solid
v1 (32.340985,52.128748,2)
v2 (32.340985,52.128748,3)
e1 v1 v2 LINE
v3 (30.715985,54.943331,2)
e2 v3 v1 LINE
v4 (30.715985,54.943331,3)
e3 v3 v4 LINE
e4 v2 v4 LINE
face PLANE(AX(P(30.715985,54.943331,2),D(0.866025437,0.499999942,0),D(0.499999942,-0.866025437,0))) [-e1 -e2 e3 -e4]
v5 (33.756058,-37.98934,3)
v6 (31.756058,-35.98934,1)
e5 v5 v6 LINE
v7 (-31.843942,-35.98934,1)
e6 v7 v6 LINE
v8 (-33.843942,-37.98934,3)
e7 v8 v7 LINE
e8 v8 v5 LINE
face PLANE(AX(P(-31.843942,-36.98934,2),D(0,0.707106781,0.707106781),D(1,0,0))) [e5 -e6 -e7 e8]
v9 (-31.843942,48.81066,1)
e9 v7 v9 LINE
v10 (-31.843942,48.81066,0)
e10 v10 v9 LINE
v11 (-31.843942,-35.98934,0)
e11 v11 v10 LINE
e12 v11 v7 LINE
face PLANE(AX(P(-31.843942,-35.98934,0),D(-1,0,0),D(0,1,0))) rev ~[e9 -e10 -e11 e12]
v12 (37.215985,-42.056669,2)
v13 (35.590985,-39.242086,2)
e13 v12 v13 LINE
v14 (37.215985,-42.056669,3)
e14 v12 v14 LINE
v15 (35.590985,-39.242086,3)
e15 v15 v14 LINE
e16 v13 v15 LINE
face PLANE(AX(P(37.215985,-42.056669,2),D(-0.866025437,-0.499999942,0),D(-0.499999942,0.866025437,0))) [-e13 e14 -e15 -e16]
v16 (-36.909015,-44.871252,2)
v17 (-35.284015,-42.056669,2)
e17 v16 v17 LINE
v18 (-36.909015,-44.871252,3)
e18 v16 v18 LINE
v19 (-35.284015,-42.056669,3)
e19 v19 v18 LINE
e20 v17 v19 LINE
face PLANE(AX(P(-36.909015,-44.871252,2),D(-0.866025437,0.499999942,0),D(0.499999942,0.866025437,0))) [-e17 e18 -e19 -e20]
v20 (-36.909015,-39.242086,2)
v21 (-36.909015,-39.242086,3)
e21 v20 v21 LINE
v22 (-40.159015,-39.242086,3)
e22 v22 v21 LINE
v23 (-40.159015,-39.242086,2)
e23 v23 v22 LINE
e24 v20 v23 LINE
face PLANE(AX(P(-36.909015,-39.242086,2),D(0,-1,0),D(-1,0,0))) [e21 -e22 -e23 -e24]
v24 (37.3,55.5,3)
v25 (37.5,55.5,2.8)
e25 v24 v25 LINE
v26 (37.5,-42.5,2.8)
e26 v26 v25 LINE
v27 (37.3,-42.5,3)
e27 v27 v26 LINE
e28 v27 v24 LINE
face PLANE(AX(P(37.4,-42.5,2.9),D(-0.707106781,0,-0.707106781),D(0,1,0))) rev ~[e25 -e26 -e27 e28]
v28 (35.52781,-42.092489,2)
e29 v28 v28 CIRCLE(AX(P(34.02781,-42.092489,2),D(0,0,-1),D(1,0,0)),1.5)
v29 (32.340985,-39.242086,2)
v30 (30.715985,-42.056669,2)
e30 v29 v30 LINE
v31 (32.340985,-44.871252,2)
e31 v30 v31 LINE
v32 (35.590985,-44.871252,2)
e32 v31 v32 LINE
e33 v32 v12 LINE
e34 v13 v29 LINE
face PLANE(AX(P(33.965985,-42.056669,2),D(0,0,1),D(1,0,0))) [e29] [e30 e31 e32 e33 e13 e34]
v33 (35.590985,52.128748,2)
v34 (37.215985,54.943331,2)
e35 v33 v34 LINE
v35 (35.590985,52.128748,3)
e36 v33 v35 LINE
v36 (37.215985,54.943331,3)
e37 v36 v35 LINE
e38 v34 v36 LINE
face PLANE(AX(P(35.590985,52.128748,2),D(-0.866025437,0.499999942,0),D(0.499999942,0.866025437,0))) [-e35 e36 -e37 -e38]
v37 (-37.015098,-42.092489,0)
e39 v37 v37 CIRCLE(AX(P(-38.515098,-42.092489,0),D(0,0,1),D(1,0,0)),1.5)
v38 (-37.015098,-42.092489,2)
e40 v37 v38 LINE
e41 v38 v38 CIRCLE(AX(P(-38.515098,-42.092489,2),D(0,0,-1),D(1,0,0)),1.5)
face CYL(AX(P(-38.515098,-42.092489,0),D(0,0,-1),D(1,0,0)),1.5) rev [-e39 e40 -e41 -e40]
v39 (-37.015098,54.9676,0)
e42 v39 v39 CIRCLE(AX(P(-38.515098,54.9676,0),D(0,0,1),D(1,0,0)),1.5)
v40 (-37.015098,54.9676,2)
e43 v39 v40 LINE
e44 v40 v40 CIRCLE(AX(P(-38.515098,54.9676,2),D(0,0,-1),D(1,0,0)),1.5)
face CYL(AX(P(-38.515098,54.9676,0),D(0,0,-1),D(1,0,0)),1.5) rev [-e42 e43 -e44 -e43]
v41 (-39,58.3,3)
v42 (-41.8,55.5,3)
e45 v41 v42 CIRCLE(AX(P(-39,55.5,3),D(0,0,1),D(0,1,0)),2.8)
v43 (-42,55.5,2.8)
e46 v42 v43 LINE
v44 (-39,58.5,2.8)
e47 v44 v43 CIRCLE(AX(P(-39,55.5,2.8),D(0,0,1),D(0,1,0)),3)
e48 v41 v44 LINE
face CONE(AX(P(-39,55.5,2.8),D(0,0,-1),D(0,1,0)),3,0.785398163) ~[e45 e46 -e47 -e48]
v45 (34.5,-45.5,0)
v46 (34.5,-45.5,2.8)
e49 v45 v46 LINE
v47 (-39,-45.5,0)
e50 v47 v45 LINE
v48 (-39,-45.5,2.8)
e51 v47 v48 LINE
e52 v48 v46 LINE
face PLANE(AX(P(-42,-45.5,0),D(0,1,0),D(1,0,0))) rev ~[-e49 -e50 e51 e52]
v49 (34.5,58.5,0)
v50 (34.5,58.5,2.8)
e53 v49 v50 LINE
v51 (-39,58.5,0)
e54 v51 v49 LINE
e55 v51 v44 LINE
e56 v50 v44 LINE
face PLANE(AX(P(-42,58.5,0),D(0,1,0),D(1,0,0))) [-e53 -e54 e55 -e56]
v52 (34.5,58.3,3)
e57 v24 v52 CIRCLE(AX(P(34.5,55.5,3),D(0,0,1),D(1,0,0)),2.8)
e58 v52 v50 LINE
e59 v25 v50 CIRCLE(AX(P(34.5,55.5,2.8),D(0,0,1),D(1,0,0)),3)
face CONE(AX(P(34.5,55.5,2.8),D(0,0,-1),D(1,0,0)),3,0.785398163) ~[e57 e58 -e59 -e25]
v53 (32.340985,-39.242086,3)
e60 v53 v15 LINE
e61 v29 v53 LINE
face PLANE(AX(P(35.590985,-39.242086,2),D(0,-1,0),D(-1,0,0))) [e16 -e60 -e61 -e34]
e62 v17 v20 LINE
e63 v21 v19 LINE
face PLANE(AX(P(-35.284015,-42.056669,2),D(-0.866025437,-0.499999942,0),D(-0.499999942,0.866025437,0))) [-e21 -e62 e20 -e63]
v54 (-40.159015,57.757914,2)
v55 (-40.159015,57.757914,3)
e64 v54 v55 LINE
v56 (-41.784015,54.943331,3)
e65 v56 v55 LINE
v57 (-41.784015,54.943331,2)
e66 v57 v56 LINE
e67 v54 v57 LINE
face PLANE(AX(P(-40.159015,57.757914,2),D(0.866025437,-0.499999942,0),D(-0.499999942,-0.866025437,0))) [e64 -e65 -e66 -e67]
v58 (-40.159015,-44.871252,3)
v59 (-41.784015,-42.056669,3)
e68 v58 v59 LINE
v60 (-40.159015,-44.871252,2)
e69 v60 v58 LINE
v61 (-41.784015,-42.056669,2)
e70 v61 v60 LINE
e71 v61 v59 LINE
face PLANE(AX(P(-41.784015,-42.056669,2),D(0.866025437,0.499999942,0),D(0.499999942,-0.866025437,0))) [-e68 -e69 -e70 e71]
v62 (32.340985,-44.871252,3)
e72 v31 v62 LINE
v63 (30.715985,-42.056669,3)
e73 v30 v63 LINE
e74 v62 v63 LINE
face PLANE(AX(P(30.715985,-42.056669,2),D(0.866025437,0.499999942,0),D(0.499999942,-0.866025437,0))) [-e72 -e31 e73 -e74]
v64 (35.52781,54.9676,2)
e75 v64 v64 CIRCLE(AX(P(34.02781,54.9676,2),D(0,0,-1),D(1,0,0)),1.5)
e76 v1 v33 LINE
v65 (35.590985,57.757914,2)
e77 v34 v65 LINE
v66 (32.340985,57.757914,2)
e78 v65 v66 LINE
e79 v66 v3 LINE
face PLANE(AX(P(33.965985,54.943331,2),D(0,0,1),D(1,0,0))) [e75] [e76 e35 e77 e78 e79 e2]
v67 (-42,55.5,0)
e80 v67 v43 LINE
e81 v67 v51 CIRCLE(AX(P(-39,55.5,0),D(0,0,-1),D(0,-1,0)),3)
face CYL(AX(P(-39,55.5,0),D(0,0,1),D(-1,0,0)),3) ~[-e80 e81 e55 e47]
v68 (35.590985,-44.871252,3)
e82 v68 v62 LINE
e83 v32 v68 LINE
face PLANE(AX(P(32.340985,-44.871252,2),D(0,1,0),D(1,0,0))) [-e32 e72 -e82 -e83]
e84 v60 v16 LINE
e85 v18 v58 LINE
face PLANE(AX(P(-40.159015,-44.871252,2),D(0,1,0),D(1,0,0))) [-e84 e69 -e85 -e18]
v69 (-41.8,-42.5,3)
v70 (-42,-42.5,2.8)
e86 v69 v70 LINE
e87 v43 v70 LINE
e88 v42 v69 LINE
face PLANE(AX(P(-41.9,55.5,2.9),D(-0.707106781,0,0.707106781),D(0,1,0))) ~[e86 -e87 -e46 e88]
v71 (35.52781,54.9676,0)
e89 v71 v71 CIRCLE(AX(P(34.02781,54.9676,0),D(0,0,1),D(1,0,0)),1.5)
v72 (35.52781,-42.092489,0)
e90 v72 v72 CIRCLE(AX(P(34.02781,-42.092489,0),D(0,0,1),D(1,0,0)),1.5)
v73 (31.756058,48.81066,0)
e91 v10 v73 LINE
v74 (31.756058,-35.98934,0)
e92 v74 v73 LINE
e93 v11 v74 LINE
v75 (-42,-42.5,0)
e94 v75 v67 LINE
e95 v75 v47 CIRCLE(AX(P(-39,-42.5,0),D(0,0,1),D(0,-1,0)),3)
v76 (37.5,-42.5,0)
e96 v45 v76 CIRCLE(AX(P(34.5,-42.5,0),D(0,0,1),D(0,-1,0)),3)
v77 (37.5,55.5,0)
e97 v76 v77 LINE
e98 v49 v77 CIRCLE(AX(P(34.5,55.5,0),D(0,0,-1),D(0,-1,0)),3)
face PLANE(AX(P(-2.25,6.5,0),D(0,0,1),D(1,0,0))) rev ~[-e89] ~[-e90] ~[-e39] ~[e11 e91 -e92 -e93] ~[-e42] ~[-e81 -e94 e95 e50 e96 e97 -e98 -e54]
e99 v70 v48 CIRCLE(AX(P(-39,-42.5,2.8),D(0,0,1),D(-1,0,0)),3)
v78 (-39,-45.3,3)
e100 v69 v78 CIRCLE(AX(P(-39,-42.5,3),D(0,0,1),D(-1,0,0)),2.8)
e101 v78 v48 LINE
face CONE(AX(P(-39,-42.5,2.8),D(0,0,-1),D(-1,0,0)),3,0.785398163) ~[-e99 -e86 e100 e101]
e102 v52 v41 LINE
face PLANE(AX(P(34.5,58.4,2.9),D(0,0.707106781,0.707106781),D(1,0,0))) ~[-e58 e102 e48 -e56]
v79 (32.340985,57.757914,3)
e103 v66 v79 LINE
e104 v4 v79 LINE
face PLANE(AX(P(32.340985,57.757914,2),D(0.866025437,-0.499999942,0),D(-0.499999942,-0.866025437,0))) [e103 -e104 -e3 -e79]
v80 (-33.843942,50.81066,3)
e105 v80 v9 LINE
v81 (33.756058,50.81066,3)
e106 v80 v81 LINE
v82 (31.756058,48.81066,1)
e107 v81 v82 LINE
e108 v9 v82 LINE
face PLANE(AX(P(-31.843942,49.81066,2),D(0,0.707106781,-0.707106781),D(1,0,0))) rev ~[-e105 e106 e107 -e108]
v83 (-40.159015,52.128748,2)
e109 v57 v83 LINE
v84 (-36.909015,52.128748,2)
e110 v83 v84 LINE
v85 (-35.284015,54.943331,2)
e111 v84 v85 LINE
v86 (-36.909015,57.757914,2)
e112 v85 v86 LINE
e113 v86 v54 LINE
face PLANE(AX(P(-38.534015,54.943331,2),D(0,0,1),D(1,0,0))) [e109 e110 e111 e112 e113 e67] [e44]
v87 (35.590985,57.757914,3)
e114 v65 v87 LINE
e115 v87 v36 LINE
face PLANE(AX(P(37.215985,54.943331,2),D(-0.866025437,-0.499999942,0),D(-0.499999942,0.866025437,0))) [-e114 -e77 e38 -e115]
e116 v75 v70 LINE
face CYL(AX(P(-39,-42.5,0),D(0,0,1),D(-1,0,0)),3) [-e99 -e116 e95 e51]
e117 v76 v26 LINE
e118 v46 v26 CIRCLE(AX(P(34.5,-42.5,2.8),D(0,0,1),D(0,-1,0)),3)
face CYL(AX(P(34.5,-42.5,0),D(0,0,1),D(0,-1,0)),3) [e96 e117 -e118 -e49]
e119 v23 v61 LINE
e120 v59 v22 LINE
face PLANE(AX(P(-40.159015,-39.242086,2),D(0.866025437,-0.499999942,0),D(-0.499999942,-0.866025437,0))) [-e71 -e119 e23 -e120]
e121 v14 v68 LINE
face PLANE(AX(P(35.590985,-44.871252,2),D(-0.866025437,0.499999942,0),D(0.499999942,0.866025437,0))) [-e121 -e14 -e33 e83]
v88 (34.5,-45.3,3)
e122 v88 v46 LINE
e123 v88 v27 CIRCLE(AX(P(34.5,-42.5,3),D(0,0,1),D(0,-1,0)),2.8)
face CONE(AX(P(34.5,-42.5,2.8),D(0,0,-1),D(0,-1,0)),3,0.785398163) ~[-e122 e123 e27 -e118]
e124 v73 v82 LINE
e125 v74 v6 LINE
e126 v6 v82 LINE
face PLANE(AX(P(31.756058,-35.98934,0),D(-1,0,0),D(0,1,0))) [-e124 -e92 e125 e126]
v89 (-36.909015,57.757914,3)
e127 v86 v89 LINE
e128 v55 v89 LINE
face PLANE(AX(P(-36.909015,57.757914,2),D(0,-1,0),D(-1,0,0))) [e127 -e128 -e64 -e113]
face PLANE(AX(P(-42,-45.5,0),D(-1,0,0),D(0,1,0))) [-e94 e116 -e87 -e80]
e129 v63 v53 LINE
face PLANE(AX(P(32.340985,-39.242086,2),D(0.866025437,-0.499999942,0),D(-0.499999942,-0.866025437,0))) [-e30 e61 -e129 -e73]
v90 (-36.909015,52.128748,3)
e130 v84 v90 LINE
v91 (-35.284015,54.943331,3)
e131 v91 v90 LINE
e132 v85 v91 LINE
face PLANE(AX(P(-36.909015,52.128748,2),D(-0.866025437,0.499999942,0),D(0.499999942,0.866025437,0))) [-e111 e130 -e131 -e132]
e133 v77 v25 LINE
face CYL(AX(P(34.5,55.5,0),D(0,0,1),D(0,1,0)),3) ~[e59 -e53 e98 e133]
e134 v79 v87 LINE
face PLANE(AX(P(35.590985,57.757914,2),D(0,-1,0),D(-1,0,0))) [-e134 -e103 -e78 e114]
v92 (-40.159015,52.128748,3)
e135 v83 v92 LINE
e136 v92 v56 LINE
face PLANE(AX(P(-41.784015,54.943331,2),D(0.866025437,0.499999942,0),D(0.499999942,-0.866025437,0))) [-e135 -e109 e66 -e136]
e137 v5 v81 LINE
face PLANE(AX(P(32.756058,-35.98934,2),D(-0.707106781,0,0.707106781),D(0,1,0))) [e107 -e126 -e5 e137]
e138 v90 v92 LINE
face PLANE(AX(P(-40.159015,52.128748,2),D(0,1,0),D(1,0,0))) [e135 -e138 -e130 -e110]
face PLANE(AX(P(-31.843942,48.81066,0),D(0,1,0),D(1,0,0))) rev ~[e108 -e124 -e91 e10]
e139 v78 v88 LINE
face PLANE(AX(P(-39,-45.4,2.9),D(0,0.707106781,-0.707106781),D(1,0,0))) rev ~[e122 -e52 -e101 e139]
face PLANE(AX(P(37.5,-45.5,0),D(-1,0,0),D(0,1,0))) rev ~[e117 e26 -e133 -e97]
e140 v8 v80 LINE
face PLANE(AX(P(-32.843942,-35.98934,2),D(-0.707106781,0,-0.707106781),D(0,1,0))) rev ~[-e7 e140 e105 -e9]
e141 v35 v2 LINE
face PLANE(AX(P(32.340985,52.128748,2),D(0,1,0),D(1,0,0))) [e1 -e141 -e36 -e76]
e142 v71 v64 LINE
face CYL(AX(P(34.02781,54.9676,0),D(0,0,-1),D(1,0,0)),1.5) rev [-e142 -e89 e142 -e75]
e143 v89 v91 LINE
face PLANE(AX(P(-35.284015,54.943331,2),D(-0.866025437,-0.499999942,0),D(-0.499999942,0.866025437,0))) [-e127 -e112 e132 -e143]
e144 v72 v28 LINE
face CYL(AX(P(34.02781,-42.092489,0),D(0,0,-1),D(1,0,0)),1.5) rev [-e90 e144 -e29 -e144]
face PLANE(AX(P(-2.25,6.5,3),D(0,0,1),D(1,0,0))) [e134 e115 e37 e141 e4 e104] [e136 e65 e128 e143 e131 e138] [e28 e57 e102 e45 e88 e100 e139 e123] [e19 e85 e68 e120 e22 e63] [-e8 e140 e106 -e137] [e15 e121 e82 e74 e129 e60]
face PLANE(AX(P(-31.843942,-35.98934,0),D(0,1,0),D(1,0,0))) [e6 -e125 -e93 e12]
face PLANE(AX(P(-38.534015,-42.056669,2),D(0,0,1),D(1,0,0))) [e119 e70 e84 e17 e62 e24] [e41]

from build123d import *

# Parameters (mm, degrees)
SKETCH005_W          = 79.5
SKETCH005_H          = 104
SKETCH005_W_2        = 63.6
SKETCH005_H_2        = 84.8
PAD005_DEPTH         = 3
POCKET004_DEPTH      = 2
POCKET005_DEPTH      = 2
POCKET006_DEPTH      = 2
POCKET007_DEPTH      = 2
SKETCH009_R          = 1.5
POCKET008_DEPTH      = 0.001
POCKET008_DEPTH_BACK = 3.001
FILLET001_R          = 3
CHAMFER_SIZE         = 2
CHAMFER009_SIZE      = 0.2


with BuildPart() as part:
    # Sketch005 → Pad005 (new body)
    with BuildSketch(Plane.XY):
        with Locations((-2.25, 6.5)):
            Rectangle(SKETCH005_W, SKETCH005_H)
        with Locations((-0.043942, 6.41066)):
            Rectangle(SKETCH005_W_2, SKETCH005_H_2, mode=Mode.SUBTRACT)
    extrude(amount=PAD005_DEPTH)

    # Sketch003 → Pocket004 (cut)
    with BuildSketch(Plane.XY.offset(2)):
        Polygon((-35.284015, 54.943331), (-36.909015, 57.757914), (-40.159015, 57.757914), (-41.784015, 54.943331), (-40.159015, 52.128748), (-36.909015, 52.128748), align=None)
    extrude(amount=POCKET004_DEPTH, mode=Mode.SUBTRACT)

    # Sketch007 → Pocket005 (cut)
    with BuildSketch(Plane.XY.offset(2)):
        Polygon((30.715985, -42.056669), (32.340985, -44.871252), (35.590985, -44.871252), (37.215985, -42.056669), (35.590985, -39.242086), (32.340985, -39.242086), align=None)
    extrude(amount=POCKET005_DEPTH, mode=Mode.SUBTRACT)

    # Sketch008 → Pocket006 (cut)
    with BuildSketch(Plane.XY.offset(2)):
        Polygon((32.340985, 52.128748), (35.590985, 52.128748), (37.215985, 54.943331), (35.590985, 57.757914), (32.340985, 57.757914), (30.715985, 54.943331), align=None)
    extrude(amount=POCKET006_DEPTH, mode=Mode.SUBTRACT)

    # Sketch006 → Pocket007 (cut)
    with BuildSketch(Plane.XY.offset(2)):
        Polygon((-35.284015, -42.056669), (-36.909015, -39.242086), (-40.159015, -39.242086), (-41.784015, -42.056669), (-40.159015, -44.871252), (-36.909015, -44.871252), align=None)
    extrude(amount=POCKET007_DEPTH, mode=Mode.SUBTRACT)

    # Sketch009 → Pocket008 (cut, two sides)
    with BuildSketch(Plane.XY) as pocket008_sk:
        with Locations((-38.515098, -42.092489)):
            Circle(SKETCH009_R)
        with Locations((34.02781, -42.092489)):
            Circle(SKETCH009_R)
        with Locations((34.02781, 54.9676)):
            Circle(SKETCH009_R)
        with Locations((-38.515098, 54.9676)):
            Circle(SKETCH009_R)
    extrude(amount=-POCKET008_DEPTH, mode=Mode.SUBTRACT)
    extrude(pocket008_sk.sketch, amount=POCKET008_DEPTH_BACK, mode=Mode.SUBTRACT)

    # Fillet001
    fillet001_edges = [part.edges().sort_by_distance(p)[0] for p in [
        (-42, 58.5, 1.5),
        (-42, -45.5, 1.5),
        (37.5, -45.5, 1.5),
        (37.5, 58.5, 1.5),
    ]]
    fillet(fillet001_edges, radius=FILLET001_R)

    # Chamfer
    chamfer_edges = [part.edges().sort_by_distance(p)[0] for p in [
        (-0.043942, -35.98934, 3),
        (31.756058, 6.41066, 3),
        (-31.843942, 6.41066, 3),
        (-0.043942, 48.81066, 3),
    ]]
    chamfer(chamfer_edges, length=CHAMFER_SIZE)

    # Chamfer009
    chamfer009_edges = [part.edges().sort_by_distance(p)[0] for p in [
        (-2.25, -45.5, 3),
        (-41.12132, -44.62132, 3),
        (-42, 6.5, 3),
        (36.62132, -44.62132, 3),
        (37.5, 6.5, 3),
        (36.62132, 57.62132, 3),
        (-2.25, 58.5, 3),
        (-41.12132, 57.62132, 3),
    ]]
    chamfer(chamfer009_edges, length=CHAMFER009_SIZE)


solid = part.part
